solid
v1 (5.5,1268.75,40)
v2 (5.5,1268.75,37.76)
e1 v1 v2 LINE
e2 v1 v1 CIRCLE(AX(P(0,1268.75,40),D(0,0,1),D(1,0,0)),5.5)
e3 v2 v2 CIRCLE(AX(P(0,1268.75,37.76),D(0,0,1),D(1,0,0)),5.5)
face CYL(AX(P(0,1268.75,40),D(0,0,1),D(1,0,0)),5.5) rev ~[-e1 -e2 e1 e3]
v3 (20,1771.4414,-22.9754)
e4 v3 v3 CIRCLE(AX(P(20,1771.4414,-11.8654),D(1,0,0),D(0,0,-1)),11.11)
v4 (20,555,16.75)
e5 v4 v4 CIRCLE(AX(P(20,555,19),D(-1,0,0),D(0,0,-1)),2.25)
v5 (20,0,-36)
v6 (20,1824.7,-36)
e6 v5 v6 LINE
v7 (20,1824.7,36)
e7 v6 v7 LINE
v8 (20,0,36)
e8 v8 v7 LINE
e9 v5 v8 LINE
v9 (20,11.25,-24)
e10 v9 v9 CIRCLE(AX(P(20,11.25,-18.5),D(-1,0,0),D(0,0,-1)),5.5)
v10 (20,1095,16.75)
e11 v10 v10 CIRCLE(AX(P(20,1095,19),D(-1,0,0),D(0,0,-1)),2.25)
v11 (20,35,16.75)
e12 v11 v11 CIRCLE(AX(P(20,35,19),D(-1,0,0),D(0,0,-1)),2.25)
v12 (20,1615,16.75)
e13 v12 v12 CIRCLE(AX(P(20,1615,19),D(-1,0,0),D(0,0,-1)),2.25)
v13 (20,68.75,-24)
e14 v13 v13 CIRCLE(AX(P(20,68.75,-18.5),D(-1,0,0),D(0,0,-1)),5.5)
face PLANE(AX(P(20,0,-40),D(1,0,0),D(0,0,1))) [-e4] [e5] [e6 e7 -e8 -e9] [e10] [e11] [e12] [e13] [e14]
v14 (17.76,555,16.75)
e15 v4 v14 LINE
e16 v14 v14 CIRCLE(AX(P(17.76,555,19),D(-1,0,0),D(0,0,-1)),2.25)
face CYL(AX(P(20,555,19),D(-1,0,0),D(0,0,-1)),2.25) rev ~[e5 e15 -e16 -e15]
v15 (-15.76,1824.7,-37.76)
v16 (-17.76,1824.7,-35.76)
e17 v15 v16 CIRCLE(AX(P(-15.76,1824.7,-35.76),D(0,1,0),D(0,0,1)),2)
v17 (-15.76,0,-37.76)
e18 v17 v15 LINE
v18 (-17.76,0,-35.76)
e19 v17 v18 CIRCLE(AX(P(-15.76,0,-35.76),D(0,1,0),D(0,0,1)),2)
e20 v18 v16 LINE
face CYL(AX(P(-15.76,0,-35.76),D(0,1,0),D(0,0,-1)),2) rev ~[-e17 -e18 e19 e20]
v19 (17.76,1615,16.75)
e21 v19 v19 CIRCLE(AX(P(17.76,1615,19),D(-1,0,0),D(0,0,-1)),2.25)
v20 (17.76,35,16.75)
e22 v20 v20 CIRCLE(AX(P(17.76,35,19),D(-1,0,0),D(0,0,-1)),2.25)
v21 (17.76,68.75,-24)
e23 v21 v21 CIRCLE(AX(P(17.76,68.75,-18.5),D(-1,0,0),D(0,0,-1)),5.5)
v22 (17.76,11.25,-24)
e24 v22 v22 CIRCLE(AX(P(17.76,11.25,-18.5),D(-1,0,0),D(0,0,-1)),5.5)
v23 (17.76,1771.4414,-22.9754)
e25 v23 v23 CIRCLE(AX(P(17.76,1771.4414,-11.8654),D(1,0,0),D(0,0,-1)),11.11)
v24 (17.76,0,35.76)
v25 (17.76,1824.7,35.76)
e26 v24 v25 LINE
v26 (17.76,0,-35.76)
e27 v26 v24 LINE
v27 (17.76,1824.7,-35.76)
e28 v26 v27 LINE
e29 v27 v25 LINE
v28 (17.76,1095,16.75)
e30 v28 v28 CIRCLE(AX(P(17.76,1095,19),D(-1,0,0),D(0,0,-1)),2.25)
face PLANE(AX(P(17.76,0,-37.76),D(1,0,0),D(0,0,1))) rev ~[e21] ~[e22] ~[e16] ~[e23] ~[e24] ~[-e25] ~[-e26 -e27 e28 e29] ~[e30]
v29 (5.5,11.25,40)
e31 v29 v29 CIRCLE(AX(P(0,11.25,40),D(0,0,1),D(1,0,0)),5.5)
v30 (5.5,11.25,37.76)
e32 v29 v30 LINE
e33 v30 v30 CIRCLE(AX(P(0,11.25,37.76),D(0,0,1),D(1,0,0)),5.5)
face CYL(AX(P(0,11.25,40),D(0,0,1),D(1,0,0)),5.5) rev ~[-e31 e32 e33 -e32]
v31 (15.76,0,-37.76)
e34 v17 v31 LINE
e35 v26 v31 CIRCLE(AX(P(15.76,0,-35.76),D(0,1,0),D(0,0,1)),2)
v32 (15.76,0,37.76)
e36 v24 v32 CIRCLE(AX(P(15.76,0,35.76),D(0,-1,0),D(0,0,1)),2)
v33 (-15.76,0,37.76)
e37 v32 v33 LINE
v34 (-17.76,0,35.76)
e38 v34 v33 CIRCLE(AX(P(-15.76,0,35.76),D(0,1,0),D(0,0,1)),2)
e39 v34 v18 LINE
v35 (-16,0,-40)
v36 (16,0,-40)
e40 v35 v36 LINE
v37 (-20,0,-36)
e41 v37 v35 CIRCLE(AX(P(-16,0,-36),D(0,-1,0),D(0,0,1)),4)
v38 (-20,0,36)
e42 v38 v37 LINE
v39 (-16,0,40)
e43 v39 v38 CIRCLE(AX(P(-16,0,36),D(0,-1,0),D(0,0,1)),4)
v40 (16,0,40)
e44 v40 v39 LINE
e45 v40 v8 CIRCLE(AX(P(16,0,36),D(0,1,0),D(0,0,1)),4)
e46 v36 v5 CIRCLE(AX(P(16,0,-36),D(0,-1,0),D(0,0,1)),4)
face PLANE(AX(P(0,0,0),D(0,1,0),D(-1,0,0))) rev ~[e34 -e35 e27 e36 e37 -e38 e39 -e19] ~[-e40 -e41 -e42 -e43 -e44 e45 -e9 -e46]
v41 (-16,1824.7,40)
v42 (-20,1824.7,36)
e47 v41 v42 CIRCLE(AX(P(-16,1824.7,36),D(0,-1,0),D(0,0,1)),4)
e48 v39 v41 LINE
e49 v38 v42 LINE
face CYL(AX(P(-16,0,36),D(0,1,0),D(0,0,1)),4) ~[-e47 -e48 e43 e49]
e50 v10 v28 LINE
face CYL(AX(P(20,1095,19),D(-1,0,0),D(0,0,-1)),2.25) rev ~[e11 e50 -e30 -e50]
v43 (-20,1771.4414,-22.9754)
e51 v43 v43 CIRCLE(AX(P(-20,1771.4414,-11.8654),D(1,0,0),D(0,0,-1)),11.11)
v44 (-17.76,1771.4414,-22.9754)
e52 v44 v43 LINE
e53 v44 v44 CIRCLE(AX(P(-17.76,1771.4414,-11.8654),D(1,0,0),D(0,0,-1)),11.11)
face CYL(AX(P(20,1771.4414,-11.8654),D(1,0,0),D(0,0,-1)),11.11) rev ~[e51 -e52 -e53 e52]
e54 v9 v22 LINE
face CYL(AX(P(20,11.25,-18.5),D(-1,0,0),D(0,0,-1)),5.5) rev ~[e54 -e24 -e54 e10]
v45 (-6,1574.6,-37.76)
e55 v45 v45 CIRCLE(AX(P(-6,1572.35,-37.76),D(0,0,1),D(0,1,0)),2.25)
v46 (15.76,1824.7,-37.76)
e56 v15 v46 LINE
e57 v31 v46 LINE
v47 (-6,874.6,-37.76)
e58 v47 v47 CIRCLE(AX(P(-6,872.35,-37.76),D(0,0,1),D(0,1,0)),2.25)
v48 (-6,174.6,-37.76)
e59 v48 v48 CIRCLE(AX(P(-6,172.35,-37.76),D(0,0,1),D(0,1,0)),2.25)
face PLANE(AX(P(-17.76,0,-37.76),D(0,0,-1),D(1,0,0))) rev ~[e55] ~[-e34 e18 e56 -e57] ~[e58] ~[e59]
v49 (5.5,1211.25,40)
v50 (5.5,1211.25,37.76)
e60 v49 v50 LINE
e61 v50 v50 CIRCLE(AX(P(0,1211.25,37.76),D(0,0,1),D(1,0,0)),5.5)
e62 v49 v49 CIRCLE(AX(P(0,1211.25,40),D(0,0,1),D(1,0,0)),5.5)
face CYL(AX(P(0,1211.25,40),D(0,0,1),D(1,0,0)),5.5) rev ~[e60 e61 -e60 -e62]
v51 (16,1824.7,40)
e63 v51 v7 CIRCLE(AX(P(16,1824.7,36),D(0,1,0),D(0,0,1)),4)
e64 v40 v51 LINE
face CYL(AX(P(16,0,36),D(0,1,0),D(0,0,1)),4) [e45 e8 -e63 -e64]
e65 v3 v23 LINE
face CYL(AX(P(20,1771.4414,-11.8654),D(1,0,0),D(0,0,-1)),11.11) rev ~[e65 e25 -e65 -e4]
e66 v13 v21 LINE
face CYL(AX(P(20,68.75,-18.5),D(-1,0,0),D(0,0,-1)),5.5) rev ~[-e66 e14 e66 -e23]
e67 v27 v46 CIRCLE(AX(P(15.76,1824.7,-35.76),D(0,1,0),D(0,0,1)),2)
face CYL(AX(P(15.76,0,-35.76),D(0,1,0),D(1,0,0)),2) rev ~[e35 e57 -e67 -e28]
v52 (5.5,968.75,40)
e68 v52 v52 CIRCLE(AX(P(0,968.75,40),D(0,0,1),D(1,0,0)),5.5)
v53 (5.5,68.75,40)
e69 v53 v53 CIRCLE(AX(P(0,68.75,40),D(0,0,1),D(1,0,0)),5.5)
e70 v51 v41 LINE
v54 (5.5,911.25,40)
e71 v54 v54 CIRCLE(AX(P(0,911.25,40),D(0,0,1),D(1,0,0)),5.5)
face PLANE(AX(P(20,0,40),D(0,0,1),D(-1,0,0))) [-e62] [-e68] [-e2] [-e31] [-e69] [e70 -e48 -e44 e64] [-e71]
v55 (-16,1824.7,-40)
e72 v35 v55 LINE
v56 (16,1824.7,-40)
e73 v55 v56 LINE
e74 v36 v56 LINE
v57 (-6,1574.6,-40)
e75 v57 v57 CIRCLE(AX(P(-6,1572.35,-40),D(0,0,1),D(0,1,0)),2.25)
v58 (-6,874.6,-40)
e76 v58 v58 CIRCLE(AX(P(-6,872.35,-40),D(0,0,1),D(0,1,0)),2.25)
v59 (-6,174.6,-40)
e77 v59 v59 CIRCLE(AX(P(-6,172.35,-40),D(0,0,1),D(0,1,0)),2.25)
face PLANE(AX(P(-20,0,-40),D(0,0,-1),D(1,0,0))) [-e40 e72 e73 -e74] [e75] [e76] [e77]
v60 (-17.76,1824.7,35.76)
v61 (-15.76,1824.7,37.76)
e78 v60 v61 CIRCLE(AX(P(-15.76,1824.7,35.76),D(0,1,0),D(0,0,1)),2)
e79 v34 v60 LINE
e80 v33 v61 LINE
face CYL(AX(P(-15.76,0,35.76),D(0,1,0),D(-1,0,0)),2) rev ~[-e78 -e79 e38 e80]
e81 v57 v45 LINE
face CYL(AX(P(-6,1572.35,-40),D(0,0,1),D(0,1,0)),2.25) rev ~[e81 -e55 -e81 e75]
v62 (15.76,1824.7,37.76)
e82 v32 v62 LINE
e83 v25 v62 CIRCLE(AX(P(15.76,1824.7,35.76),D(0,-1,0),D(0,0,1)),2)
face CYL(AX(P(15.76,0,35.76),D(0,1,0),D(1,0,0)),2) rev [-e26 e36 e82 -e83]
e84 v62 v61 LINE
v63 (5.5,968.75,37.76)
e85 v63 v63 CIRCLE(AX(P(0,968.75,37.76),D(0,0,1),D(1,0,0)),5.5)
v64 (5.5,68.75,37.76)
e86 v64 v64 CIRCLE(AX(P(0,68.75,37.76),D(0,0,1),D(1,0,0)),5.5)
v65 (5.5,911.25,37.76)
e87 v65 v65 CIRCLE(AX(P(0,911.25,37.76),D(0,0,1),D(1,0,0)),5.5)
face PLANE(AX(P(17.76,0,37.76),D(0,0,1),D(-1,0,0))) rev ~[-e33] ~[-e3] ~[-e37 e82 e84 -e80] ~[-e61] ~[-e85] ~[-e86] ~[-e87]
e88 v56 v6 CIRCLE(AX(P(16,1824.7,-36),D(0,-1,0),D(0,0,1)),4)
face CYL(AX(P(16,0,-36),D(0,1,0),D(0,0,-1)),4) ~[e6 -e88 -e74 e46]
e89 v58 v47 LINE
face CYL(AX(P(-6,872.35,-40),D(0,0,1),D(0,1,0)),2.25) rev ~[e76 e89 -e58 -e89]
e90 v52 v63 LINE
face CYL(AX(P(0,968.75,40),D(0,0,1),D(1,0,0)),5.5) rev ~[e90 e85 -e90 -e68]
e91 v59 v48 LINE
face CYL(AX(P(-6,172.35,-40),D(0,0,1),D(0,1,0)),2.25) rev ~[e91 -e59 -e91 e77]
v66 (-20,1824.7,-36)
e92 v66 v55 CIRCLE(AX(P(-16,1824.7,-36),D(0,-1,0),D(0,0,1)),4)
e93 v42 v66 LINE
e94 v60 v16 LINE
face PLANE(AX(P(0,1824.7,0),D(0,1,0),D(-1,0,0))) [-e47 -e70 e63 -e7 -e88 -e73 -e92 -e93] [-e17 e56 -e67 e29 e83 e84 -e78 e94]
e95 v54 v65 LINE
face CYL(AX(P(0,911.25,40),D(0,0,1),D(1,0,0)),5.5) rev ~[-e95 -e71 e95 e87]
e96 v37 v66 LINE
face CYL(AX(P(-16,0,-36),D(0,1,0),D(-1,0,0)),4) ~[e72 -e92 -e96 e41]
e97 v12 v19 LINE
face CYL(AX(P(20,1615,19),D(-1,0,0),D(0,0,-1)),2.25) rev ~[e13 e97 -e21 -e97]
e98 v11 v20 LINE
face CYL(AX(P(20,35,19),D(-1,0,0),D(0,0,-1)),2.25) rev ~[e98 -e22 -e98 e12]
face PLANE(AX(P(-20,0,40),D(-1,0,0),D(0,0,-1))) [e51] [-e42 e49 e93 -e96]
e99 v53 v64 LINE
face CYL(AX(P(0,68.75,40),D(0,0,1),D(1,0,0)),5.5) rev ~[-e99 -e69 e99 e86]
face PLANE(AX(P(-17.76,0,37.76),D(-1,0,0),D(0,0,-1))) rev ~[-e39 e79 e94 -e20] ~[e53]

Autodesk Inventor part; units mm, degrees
ref_plane "YZ Plane" through (0, 0, 0) normal (1, 0, 0) x (0, 1, 0)
ref_plane "XZ Plane" through (0, 0, 0) normal (0, 1, 0) x (-1, 0, 0)
ref_plane "XY Plane" through (0, 0, 0) normal (0, 0, 1) x (1, 0, 0)
sketch "Sketch1" plane through (0, 0, 0) normal (0, 1, 0) x (-1, 0, 0)
  line L0 (-20, 40) -> (20, 40)
  line L1 (20, 40) -> (20, -40)
  line L2 (20, -40) -> (-20, -40)
  line L3 (-20, -40) -> (-20, 40)
  line L4 (-20, 40) -> (20, -40) construction
  line L5 (20, 40) -> (-20, -40) construction
  line L6 (-17.76, 37.76) -> (17.76, 37.76)
  line L7 (17.76, 37.76) -> (17.76, -37.76)
  line L8 (17.76, -37.76) -> (-17.76, -37.76)
  line L9 (-17.76, -37.76) -> (-17.76, 37.76)
  line L10 (-17.76, 37.76) -> (17.76, -37.76) construction
  line L11 (17.76, 37.76) -> (-17.76, -37.76) construction
  point P0 (0, 0)
  dimension "d0" = 40
  dimension "d1" = 80
  dimension "d2" = 35.52
  dimension "d10" = 2.24
extrude "Extrusion1" add sketch "Sketch1" along normal blind 1824.7
fillet "Fillet1" radius 2 4 edges at (-17.76, 912.35, 37.76) (17.76, 912.35, -37.76) (17.76, 912.35, 37.76) (-17.76, 912.35, -37.76)
fillet "Fillet1" radius 4 4 edges at (20, 912.35, 40) (-20, 912.35, 40) (20, 912.35, -40) (-20, 912.35, -40)
sketch "Boceto3" plane through (-16, 0, 40) normal (0, 0, 1) x (1, 0, 0)
  circle A0 centre (16, 11.25) radius 4.5 projected
  circle A1 centre (16, 68.75) radius 4.5 projected
  circle A2 centre (16, 911.25) radius 4.5 projected
  circle A3 centre (16, 968.75) radius 4.5 projected
  circle A4 centre (16, 1268.75) radius 4.5 projected
  circle A5 centre (16, 1211.25) radius 4.5 projected
  circle A6 centre (16, 968.75) radius 5.5
  circle A7 centre (16, 911.25) radius 5.5
  circle A8 centre (16, 68.75) radius 5.5
  circle A9 centre (16, 11.25) radius 5.5
  circle A10 centre (16, 1268.75) radius 5.5
  circle A11 centre (16, 1211.25) radius 5.5
  point P0 (16, 0)
  dimension "d11" = 11
  dimension "d12" = 11
  dimension "d13" = 11
  dimension "d14" = 11
  dimension "d15" = 11
  dimension "d16" = 11
extrude "Extrusión3" cut sketch "Boceto3" against normal blind 10 contours A0 | A1 | A2 | A3 | A4 | A5 | A6 | A7 | A8 | A9 | A10 | A11
sketch "Sketch8" plane through (20, 0, 36) normal (1, 0, 0) x (0, 0, -1)
  circle A0 centre (47.8654, 1771.4414) radius 11.11 projected
  point P0 (36, 0)
extrude "Extrusion7" cut sketch "Sketch8" against normal through all
sketch "Sketch12" plane through (20, 0, 36) normal (1, 0, 0) x (0, 0, -1)
  line L0 (76, 1824.7) -> (76, 0) projected
  line L1 (76, 0) -> (17, 0)
  line L2 (0, 0) -> (72, 0) projected
  line L3 (17, 0) -> (17, 35)
  line L4 (17, 0) -> (17, 555)
  line L5 (17, 0) -> (17, 1095)
  line L6 (17, 0) -> (17, 1615)
  point P0 (36, 0)
  dimension "d37" = 59
  dimension "d38" = 35
  dimension "d39" = 555
  dimension "d40" = 1095
  dimension "d41" = 1615
hole "Hole1" at (20, 35, 19) at (20, 555, 19) at (20, 1095, 19) at (20, 1615, 19) direction (-1, 0, 0) diameter 4.5 depth 8 tip angle 118 clearance for "Countersunk Flat Head Screw ISO 2009/7046" size "M4" standard "ISO"
sketch "Sketch13" plane through (20, 0, 36) normal (1, 0, 0) x (0, 0, -1)
  circle A0 centre (54.5, 11.25) radius 3.3234 projected
  circle A1 centre (54.5, 68.75) radius 3.3234 projected
  point P0 (36, 0)
hole "Hole2" at (20, 11.25, -18.5) at (20, 68.75, -18.5) direction (-1, 0, 0) diameter 11 depth 8
sketch "Sketch15" plane through (-16, 0, -40) normal (0, 0, -1) x (-1, 0, 0)
  line L0 (-10, 0) -> (-10, 80)
  line L1 (-10, 0) -> (70, 0) construction
  line L2 (4, 0) -> (4, 1824.7) construction
  line L3 (4, 80) -> (-32.0092, 80) construction
  line L4 (-10, 80) -> (-10, 1664.7)
  line L5 (-10, 872.35) -> (-10, 1572.35)
  line L6 (-10, 872.35) -> (-5, 872.35)
  point P0 (-16, 0)
  point P1 (-10, 172.35)
  dimension "d56" = 80
  dimension "d57" = 90
  dimension "d58" = 14
  dimension "d59" = 700
  dimension "d60" = 5
  dimension "d68" = 792.35
hole "Hole3" at (-6, 172.35, -40) at (-6, 872.35, -40) at (-6, 1572.35, -40) direction (0, 0, 1) diameter 4.5 depth 8 clearance for "Countersunk Flat Head Screw ISO 2009/7046" size "M4" standard "ISO"
properties part number "SP43V1 Tubo 40x80x1825mm" material "Acero, carbono"
